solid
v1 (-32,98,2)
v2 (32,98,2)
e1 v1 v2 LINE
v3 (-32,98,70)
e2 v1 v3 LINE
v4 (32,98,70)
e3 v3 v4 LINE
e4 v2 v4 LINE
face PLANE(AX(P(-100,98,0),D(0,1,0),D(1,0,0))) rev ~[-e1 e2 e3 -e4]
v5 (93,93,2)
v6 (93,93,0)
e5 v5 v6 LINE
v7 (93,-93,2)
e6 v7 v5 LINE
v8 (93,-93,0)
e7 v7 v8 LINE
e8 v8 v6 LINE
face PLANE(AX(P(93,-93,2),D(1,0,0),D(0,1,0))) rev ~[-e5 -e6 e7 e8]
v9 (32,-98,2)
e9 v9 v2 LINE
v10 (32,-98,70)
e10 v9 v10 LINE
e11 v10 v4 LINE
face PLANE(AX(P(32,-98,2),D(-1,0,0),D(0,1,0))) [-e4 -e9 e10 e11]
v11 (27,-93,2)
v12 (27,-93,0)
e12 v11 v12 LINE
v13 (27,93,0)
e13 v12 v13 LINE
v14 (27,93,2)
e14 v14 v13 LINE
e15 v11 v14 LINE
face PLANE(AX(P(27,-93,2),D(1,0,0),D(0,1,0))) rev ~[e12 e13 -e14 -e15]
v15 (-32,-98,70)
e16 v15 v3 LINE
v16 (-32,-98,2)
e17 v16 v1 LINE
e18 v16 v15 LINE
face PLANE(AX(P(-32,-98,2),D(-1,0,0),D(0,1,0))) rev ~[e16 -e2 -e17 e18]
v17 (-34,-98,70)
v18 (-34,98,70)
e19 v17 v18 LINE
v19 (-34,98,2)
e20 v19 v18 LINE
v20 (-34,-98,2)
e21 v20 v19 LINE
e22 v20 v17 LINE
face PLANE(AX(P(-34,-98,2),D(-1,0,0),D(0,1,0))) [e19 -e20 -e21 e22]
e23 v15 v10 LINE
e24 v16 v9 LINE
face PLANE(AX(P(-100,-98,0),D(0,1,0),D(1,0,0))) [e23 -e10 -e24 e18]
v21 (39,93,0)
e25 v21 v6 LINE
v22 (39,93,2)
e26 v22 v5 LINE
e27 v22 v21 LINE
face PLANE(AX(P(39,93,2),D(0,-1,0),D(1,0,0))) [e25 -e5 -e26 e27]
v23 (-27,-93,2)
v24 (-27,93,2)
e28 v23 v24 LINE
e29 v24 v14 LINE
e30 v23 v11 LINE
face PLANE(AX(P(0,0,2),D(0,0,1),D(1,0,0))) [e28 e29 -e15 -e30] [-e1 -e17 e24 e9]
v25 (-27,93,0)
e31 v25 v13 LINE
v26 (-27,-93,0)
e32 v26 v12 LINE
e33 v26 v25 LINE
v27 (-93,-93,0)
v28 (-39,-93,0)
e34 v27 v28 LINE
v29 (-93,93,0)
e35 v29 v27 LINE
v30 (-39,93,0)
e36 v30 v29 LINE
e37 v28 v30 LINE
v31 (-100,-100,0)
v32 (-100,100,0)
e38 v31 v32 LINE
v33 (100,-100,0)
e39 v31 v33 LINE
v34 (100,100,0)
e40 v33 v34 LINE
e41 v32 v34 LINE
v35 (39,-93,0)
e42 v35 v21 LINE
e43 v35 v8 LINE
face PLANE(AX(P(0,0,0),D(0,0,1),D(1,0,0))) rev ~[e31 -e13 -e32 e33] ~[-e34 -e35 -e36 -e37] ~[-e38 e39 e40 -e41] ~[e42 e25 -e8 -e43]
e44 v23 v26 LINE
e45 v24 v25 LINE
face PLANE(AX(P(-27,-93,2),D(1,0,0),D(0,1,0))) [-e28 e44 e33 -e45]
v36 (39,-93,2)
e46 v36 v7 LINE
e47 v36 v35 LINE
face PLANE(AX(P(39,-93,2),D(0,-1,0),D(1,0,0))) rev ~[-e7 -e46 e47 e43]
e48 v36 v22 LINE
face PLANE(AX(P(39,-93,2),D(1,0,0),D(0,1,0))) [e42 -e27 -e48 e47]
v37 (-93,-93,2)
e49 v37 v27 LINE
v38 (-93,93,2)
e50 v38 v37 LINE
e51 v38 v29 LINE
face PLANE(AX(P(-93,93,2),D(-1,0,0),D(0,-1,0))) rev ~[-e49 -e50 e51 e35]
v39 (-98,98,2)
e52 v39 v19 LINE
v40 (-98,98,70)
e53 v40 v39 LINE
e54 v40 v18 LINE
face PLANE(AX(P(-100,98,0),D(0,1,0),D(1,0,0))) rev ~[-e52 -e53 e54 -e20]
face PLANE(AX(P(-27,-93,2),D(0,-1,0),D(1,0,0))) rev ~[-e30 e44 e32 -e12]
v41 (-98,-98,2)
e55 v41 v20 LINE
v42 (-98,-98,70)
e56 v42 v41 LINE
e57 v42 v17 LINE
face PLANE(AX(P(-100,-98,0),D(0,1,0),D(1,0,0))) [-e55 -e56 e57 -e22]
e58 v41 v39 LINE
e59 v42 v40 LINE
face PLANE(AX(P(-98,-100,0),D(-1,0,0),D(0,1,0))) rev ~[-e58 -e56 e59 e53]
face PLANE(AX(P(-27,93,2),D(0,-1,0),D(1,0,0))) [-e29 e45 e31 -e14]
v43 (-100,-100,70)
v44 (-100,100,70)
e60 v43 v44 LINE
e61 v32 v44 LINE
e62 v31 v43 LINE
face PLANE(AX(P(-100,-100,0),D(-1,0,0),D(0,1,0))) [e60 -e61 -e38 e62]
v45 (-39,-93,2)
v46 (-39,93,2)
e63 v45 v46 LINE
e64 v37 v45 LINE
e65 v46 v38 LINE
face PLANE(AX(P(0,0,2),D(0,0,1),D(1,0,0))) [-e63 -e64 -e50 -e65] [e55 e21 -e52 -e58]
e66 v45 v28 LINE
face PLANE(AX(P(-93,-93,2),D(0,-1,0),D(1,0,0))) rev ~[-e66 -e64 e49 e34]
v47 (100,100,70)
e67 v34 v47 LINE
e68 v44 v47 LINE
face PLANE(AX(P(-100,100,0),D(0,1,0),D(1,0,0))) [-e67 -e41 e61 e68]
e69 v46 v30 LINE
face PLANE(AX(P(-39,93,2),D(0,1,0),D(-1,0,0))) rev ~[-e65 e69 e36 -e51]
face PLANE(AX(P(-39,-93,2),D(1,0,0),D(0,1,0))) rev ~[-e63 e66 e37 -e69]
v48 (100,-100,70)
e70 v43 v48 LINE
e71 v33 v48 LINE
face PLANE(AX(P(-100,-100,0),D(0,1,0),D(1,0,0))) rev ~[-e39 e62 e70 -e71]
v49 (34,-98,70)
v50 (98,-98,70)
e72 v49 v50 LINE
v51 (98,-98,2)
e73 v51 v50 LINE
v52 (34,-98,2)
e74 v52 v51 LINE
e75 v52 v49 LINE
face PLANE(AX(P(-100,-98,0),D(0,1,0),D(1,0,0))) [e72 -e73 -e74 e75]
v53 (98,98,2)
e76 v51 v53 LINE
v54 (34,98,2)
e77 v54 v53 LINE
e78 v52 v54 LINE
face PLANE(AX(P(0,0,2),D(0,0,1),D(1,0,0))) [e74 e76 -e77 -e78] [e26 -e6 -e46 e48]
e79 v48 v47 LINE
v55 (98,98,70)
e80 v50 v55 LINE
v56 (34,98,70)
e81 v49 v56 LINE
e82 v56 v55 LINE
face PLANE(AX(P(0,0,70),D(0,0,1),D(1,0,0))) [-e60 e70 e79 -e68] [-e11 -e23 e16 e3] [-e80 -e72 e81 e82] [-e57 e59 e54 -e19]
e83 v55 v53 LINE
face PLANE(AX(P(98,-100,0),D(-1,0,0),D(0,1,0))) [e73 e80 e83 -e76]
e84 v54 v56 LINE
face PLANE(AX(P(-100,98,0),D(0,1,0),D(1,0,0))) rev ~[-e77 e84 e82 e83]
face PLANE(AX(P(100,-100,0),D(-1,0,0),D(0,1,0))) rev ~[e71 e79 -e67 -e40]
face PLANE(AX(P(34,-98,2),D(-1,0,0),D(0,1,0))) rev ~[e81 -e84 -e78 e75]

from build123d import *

# Parameters (mm, degrees)
F0_W     = 200
F0_H     = 200
F1_DEPTH = 70
F2_T     = -2
F3_W     = 2
F3_H     = 196
F4_DEPTH = 68
F5_W     = 54
F5_H     = 186
F6_DEPTH = 2


with BuildPart() as f1:
    # F0 (on Top) → F1 (new body)
    with BuildSketch(Plane.XY):
        Rectangle(F0_W, F0_H)
    extrude(amount=F1_DEPTH)

    # F2
    f2_openings = [f1.faces().sort_by_distance(p)[0] for p in [
        (0, 0, 70),
    ]]
    offset(amount=F2_T, openings=f2_openings)

    # F3 (on face) → F4 (join)
    with BuildSketch(Plane.XY.offset(2)):
        with Locations((-33, 0)):
            Rectangle(F3_W, F3_H)
        with Locations((33, 0)):
            Rectangle(F3_W, F3_H)
    extrude(amount=F4_DEPTH)

    # F5 (on face) → F6 (cut, through all)
    with BuildSketch(Plane.XY.offset(2)):
        Polygon((-73, 93), (-93, 93), (-93, 70.5273523927), (-93, 53), (-93, -93), (-39, -93), (-39, 53), (-39, 93), align=None)
        Rectangle(F5_W, F5_H)
        with Locations((66, 0)):
            Rectangle(F5_W, F5_H)
    extrude(amount=-F6_DEPTH, mode=Mode.SUBTRACT)


solid = f1.part
